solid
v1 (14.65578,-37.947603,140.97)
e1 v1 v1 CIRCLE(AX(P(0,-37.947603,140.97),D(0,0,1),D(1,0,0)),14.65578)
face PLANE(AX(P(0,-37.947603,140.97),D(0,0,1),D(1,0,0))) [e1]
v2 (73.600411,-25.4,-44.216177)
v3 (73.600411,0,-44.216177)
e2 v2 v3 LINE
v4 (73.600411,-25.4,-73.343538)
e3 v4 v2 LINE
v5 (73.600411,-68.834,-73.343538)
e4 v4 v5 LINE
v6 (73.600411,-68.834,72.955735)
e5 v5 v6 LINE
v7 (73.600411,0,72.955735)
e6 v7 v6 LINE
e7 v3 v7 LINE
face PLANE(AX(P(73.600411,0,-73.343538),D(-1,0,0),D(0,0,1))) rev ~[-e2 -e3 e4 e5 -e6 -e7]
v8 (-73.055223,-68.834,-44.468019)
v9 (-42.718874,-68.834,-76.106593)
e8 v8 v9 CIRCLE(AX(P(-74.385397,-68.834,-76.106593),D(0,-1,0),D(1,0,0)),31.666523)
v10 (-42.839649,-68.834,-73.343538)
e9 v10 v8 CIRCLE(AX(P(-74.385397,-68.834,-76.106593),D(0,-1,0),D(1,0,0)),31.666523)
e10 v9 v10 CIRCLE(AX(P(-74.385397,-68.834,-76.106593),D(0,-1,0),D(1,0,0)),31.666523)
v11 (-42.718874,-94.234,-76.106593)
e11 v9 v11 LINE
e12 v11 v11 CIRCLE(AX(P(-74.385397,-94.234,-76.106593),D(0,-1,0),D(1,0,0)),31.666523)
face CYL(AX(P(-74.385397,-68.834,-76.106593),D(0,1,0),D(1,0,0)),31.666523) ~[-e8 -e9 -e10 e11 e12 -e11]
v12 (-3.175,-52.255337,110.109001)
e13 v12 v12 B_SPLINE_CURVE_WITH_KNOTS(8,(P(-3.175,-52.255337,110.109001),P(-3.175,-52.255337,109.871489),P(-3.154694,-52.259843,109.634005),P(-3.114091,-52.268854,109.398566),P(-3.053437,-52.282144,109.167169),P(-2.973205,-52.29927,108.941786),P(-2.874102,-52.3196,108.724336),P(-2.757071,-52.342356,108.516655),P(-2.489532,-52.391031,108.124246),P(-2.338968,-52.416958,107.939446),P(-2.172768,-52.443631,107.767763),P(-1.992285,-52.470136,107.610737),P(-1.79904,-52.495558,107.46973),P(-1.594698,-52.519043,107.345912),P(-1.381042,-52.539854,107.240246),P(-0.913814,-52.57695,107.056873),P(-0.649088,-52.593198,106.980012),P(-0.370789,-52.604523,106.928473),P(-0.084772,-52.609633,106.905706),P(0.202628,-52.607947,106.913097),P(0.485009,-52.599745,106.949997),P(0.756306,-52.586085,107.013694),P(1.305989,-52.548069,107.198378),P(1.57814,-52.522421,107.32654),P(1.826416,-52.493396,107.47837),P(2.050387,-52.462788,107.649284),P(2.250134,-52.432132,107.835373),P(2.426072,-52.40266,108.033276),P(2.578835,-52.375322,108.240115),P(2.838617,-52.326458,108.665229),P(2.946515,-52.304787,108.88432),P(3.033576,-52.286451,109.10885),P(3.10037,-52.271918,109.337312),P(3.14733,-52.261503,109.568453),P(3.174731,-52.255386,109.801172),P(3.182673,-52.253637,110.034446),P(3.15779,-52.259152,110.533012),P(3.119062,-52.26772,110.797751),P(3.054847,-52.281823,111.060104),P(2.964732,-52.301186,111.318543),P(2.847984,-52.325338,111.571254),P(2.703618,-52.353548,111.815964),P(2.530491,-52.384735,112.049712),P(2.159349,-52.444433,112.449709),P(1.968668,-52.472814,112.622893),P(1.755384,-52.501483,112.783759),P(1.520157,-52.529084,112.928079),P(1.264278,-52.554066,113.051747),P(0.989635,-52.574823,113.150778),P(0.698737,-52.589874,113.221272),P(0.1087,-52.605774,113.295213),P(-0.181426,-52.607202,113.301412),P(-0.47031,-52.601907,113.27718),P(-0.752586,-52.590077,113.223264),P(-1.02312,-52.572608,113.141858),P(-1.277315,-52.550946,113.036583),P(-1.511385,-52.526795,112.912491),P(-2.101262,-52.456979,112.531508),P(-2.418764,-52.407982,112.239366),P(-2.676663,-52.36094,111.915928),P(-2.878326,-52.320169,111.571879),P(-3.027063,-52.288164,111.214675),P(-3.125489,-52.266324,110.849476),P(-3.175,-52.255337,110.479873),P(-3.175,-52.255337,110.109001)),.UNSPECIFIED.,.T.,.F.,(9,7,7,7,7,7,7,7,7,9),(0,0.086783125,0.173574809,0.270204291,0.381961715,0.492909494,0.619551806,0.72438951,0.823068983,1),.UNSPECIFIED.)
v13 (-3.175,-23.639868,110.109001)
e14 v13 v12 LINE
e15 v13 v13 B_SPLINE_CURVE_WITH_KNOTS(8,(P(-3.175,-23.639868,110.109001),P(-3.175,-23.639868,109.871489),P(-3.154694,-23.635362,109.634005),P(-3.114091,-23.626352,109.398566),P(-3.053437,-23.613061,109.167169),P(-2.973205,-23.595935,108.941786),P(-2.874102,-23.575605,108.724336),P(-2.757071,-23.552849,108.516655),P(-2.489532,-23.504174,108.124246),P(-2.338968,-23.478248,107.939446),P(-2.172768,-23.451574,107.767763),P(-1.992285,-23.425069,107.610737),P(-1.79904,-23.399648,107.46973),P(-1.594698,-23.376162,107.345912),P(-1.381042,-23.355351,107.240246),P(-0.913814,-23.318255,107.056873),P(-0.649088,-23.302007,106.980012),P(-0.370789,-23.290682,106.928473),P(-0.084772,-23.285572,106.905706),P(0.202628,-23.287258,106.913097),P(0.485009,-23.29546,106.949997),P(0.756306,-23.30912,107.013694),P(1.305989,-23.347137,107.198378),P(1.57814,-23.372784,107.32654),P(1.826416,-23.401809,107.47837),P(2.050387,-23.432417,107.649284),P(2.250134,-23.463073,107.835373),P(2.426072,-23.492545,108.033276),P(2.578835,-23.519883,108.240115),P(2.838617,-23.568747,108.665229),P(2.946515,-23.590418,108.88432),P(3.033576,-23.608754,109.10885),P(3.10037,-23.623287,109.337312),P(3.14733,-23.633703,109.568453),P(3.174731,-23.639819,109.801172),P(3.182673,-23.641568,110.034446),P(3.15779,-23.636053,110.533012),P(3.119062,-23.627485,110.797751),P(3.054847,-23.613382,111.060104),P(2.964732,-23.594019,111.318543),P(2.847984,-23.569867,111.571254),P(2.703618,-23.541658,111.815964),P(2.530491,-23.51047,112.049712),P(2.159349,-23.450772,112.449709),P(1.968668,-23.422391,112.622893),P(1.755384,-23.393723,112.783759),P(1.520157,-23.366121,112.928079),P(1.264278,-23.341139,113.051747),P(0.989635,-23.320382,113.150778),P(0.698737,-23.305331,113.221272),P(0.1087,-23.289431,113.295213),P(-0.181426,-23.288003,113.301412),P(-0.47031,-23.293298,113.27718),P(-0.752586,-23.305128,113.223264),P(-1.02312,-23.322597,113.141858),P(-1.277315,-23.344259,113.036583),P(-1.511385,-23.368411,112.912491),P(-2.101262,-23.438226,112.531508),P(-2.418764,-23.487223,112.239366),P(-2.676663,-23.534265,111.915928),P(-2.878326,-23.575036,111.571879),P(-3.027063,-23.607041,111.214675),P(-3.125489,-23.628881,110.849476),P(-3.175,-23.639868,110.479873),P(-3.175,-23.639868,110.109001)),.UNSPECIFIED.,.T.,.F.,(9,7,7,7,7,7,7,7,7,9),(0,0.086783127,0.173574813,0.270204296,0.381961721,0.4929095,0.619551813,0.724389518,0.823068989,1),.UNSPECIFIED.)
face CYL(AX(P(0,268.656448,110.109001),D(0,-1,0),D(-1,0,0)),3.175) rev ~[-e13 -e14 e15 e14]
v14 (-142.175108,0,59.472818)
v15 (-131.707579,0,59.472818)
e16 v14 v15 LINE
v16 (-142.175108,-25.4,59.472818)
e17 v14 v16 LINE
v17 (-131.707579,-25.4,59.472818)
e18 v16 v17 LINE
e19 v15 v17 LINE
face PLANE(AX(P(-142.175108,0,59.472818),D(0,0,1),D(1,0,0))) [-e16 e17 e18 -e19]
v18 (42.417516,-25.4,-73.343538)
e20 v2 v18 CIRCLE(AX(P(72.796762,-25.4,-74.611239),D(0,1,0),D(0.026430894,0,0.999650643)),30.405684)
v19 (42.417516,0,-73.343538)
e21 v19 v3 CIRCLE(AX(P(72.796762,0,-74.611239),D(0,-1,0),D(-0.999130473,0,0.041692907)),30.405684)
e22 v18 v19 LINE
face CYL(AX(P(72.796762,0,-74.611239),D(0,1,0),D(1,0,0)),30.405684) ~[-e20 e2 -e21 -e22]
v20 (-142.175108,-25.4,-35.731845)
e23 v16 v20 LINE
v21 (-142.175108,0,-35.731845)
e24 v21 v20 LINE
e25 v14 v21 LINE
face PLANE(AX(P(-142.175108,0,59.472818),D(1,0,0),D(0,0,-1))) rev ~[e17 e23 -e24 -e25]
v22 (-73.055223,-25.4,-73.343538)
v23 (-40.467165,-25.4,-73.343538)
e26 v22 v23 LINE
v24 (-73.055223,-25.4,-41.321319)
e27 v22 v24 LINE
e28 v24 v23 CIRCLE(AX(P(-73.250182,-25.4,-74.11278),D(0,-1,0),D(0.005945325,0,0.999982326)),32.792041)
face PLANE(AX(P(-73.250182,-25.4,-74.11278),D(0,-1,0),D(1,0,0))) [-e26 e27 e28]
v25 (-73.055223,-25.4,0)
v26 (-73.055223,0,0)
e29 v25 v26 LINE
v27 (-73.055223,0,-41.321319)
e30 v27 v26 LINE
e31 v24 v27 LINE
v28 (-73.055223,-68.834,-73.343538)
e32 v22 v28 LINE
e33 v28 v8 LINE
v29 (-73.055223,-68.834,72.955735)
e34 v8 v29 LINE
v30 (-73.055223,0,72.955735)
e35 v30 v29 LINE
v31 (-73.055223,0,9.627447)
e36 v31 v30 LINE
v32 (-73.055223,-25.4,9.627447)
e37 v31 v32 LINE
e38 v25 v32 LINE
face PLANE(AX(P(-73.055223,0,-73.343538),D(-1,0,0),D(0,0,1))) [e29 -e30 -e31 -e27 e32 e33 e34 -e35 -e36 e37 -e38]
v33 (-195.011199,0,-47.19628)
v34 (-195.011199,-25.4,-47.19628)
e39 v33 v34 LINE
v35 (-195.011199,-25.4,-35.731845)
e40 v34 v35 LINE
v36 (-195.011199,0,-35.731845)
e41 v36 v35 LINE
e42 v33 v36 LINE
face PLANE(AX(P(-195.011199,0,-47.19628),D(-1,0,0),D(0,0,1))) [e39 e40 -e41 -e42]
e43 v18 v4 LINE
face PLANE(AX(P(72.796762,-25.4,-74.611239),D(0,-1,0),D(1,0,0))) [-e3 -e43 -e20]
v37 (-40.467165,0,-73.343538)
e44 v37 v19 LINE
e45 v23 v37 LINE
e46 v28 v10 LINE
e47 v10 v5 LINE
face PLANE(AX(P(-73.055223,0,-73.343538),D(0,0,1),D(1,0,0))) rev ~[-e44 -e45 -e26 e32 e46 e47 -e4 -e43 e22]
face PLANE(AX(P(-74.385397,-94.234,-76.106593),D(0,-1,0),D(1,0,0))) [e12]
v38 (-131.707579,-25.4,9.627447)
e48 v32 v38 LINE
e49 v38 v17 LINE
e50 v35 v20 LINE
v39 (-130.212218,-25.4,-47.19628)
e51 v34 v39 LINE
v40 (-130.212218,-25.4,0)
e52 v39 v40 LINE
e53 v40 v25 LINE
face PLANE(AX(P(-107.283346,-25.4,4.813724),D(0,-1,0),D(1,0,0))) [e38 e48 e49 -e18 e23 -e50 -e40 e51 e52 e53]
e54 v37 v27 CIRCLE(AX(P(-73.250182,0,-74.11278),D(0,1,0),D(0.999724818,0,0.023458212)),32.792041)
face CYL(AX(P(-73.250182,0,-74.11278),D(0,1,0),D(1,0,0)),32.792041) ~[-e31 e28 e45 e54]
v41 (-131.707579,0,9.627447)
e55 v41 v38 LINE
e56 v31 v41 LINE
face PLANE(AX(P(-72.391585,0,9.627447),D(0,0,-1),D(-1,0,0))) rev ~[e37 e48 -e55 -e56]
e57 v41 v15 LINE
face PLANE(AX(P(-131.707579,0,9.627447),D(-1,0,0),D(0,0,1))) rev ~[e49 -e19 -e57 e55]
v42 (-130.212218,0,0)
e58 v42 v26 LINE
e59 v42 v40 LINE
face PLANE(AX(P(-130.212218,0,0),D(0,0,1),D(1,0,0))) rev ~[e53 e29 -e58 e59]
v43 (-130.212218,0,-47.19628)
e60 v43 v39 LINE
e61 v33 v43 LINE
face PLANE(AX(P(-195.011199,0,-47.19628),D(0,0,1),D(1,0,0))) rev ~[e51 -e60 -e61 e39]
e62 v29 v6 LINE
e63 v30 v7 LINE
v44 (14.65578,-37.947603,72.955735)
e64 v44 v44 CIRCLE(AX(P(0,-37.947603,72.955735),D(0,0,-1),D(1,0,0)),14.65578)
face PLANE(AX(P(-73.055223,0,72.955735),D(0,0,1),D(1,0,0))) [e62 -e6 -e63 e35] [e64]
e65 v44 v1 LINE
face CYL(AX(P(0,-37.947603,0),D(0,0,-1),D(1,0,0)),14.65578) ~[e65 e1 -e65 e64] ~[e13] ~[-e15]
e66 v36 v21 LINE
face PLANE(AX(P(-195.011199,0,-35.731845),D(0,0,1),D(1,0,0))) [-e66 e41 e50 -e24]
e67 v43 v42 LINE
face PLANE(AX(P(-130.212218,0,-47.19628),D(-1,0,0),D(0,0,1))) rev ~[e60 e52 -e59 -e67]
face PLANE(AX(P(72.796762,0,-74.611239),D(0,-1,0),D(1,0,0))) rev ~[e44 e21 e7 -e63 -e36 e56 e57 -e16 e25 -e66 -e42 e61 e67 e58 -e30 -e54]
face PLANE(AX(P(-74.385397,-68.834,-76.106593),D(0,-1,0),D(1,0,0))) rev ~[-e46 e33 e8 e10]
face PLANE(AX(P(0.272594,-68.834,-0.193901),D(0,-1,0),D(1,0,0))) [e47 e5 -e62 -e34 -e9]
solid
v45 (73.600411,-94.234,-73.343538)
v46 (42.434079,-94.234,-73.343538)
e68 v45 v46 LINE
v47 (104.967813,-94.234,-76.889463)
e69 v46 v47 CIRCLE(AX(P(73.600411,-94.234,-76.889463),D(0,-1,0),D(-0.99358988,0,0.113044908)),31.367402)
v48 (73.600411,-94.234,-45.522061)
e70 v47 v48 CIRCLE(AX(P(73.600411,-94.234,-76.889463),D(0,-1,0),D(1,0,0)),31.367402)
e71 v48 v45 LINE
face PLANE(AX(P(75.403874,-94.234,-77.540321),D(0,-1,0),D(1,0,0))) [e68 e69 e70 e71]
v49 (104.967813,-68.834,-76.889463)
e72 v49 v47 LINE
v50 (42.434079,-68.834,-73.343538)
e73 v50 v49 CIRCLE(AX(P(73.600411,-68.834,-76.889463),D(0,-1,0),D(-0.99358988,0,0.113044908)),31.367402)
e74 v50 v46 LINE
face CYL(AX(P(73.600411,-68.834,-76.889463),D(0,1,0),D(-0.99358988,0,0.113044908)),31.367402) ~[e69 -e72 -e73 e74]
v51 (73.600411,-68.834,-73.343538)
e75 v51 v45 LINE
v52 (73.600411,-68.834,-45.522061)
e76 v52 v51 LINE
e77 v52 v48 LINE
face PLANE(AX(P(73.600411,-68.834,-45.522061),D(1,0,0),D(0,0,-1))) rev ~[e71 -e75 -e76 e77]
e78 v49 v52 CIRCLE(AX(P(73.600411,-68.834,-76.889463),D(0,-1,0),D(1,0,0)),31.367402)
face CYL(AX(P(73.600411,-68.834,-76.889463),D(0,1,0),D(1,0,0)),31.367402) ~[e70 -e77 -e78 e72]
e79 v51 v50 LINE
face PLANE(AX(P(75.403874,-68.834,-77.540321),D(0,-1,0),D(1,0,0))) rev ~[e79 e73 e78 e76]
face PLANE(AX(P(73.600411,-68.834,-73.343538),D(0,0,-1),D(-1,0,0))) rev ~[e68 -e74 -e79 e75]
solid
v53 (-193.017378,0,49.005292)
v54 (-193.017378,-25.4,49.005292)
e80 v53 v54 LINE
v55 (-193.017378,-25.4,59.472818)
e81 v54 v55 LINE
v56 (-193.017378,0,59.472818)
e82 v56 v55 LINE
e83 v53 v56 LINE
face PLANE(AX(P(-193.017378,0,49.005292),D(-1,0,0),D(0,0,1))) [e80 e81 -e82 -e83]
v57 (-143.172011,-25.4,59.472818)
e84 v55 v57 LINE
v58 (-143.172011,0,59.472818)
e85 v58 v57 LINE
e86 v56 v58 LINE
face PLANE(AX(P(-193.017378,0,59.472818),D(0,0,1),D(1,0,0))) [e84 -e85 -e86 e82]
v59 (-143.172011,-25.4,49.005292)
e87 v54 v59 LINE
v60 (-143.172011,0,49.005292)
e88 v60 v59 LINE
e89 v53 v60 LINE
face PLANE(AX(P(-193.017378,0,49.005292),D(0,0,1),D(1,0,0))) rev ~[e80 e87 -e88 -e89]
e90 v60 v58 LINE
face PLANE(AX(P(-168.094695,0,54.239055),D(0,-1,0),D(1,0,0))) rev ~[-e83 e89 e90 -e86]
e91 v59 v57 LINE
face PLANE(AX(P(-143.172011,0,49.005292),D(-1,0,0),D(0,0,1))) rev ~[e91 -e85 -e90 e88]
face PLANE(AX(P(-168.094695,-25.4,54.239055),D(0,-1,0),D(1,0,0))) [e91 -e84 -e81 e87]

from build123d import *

# Parameters (mm, degrees)
F0_W      = 146.6556340456
F0_H      = 146.2992727757
F1_DEPTH  = 68.834
F2_R      = 14.6557802675
F3_DEPTH  = 140.97
F5_D      = 6.35
F7_R      = 31.6665233441
F8_DEPTH  = 25.4
F9_DEPTH  = 25.4
F10_R     = 30.4056844506
F10_R_2   = 32.7920406296
F11_DEPTH = 25.4
F12_W     = 10.4675292969
F12_H     = 49.845370464
F12_W_2   = 52.8360903263
F12_H_2   = 11.4644356072
F13_DEPTH = 25.4
F12_W_3   = 49.8453676701
F12_H_3   = 10.4675255716


with BuildPart() as f1:
    # F0 (on Front) → F1 (new body)
    with BuildSketch(Plane.XZ):
        with Locations((0.2725943923, -0.19390136)):
            Rectangle(F0_W, F0_H)
    extrude(amount=F1_DEPTH)

    # F2 (on Top) → F3 (join)
    with BuildSketch(Plane.XY):
        with Locations((0, -37.9476025701)):
            Circle(F2_R)
    extrude(amount=F3_DEPTH)

    # F5 (through all)
    with Locations(Plane(origin=(0, 0, 0), x_dir=(1, 0, 0), z_dir=(0, 1, 0))):
        with Locations((0, -110.1090013981)):
            Hole(F5_D / 2)

    # F7 (on face) → F8 (join)
    with BuildSketch(Plane.XZ.offset(68.834)):
        with Locations((-74.3853971362, -76.1065930128)):
            Circle(F7_R)
    extrude(amount=F8_DEPTH)

    # F10 (on Front) → F11 (join)
    with BuildSketch(Plane.XZ):
        with Locations((72.7967619896, -74.6112391353)):
            Circle(F10_R)
        with Locations((-73.250181973, -74.1127803922)):
            Circle(F10_R_2)
    extrude(amount=F11_DEPTH)

    # F12 (on Front) → F13 (join)
    with BuildSketch(Plane.XZ):
        Polygon((-130.2122175694, 0), (-72.3915845156, 0), (-72.3915845156, 9.6274474636), (-131.7075788975, 9.6274474636), (-142.1751081944, 9.6274474636), (-142.1751081944, 0), align=None)
        Polygon((-130.2122175694, -47.1962802112), (-130.2122175694, 0), (-142.1751081944, 0), (-142.1751081944, -35.731844604), (-142.1751081944, -47.1962802112), align=None)
        with Locations((-136.9413435459, 34.5501326956)):
            Rectangle(F12_W, F12_H)
        with Locations((-168.5931533575, -41.4640624076)):
            Rectangle(F12_W_2, F12_H_2)
    extrude(amount=F13_DEPTH)


with BuildPart() as f9:
    # F6 (on face) → F9 (new body)
    with BuildSketch(Plane.XZ.offset(68.834)):
        with BuildLine():
            ThreePointArc((42.4340785854, -73.3435377479), (71.8246008307, -108.2065568723), (104.9678130656, -76.889462769))
            ThreePointArc((104.9678130656, -76.889462769), (95.7805138304, -54.7093603538), (73.6004114151, -45.5220611185))
            Line((73.6004114151, -45.5220611185), (73.6004114151, -73.3435377479))
            Line((73.6004114151, -73.3435377479), (42.4340785854, -73.3435377479))
        make_face()
    extrude(amount=F9_DEPTH)


with BuildPart() as f13:
    # F12 (on Front) → F13, piece 2 (new body)
    with BuildSketch(Plane.XZ):
        with Locations((-168.0946946144, 54.2390551418)):
            Rectangle(F12_W_3, F12_H_3)
    extrude(amount=F13_DEPTH)


solid = Compound([f1.part, f9.part, f13.part])
